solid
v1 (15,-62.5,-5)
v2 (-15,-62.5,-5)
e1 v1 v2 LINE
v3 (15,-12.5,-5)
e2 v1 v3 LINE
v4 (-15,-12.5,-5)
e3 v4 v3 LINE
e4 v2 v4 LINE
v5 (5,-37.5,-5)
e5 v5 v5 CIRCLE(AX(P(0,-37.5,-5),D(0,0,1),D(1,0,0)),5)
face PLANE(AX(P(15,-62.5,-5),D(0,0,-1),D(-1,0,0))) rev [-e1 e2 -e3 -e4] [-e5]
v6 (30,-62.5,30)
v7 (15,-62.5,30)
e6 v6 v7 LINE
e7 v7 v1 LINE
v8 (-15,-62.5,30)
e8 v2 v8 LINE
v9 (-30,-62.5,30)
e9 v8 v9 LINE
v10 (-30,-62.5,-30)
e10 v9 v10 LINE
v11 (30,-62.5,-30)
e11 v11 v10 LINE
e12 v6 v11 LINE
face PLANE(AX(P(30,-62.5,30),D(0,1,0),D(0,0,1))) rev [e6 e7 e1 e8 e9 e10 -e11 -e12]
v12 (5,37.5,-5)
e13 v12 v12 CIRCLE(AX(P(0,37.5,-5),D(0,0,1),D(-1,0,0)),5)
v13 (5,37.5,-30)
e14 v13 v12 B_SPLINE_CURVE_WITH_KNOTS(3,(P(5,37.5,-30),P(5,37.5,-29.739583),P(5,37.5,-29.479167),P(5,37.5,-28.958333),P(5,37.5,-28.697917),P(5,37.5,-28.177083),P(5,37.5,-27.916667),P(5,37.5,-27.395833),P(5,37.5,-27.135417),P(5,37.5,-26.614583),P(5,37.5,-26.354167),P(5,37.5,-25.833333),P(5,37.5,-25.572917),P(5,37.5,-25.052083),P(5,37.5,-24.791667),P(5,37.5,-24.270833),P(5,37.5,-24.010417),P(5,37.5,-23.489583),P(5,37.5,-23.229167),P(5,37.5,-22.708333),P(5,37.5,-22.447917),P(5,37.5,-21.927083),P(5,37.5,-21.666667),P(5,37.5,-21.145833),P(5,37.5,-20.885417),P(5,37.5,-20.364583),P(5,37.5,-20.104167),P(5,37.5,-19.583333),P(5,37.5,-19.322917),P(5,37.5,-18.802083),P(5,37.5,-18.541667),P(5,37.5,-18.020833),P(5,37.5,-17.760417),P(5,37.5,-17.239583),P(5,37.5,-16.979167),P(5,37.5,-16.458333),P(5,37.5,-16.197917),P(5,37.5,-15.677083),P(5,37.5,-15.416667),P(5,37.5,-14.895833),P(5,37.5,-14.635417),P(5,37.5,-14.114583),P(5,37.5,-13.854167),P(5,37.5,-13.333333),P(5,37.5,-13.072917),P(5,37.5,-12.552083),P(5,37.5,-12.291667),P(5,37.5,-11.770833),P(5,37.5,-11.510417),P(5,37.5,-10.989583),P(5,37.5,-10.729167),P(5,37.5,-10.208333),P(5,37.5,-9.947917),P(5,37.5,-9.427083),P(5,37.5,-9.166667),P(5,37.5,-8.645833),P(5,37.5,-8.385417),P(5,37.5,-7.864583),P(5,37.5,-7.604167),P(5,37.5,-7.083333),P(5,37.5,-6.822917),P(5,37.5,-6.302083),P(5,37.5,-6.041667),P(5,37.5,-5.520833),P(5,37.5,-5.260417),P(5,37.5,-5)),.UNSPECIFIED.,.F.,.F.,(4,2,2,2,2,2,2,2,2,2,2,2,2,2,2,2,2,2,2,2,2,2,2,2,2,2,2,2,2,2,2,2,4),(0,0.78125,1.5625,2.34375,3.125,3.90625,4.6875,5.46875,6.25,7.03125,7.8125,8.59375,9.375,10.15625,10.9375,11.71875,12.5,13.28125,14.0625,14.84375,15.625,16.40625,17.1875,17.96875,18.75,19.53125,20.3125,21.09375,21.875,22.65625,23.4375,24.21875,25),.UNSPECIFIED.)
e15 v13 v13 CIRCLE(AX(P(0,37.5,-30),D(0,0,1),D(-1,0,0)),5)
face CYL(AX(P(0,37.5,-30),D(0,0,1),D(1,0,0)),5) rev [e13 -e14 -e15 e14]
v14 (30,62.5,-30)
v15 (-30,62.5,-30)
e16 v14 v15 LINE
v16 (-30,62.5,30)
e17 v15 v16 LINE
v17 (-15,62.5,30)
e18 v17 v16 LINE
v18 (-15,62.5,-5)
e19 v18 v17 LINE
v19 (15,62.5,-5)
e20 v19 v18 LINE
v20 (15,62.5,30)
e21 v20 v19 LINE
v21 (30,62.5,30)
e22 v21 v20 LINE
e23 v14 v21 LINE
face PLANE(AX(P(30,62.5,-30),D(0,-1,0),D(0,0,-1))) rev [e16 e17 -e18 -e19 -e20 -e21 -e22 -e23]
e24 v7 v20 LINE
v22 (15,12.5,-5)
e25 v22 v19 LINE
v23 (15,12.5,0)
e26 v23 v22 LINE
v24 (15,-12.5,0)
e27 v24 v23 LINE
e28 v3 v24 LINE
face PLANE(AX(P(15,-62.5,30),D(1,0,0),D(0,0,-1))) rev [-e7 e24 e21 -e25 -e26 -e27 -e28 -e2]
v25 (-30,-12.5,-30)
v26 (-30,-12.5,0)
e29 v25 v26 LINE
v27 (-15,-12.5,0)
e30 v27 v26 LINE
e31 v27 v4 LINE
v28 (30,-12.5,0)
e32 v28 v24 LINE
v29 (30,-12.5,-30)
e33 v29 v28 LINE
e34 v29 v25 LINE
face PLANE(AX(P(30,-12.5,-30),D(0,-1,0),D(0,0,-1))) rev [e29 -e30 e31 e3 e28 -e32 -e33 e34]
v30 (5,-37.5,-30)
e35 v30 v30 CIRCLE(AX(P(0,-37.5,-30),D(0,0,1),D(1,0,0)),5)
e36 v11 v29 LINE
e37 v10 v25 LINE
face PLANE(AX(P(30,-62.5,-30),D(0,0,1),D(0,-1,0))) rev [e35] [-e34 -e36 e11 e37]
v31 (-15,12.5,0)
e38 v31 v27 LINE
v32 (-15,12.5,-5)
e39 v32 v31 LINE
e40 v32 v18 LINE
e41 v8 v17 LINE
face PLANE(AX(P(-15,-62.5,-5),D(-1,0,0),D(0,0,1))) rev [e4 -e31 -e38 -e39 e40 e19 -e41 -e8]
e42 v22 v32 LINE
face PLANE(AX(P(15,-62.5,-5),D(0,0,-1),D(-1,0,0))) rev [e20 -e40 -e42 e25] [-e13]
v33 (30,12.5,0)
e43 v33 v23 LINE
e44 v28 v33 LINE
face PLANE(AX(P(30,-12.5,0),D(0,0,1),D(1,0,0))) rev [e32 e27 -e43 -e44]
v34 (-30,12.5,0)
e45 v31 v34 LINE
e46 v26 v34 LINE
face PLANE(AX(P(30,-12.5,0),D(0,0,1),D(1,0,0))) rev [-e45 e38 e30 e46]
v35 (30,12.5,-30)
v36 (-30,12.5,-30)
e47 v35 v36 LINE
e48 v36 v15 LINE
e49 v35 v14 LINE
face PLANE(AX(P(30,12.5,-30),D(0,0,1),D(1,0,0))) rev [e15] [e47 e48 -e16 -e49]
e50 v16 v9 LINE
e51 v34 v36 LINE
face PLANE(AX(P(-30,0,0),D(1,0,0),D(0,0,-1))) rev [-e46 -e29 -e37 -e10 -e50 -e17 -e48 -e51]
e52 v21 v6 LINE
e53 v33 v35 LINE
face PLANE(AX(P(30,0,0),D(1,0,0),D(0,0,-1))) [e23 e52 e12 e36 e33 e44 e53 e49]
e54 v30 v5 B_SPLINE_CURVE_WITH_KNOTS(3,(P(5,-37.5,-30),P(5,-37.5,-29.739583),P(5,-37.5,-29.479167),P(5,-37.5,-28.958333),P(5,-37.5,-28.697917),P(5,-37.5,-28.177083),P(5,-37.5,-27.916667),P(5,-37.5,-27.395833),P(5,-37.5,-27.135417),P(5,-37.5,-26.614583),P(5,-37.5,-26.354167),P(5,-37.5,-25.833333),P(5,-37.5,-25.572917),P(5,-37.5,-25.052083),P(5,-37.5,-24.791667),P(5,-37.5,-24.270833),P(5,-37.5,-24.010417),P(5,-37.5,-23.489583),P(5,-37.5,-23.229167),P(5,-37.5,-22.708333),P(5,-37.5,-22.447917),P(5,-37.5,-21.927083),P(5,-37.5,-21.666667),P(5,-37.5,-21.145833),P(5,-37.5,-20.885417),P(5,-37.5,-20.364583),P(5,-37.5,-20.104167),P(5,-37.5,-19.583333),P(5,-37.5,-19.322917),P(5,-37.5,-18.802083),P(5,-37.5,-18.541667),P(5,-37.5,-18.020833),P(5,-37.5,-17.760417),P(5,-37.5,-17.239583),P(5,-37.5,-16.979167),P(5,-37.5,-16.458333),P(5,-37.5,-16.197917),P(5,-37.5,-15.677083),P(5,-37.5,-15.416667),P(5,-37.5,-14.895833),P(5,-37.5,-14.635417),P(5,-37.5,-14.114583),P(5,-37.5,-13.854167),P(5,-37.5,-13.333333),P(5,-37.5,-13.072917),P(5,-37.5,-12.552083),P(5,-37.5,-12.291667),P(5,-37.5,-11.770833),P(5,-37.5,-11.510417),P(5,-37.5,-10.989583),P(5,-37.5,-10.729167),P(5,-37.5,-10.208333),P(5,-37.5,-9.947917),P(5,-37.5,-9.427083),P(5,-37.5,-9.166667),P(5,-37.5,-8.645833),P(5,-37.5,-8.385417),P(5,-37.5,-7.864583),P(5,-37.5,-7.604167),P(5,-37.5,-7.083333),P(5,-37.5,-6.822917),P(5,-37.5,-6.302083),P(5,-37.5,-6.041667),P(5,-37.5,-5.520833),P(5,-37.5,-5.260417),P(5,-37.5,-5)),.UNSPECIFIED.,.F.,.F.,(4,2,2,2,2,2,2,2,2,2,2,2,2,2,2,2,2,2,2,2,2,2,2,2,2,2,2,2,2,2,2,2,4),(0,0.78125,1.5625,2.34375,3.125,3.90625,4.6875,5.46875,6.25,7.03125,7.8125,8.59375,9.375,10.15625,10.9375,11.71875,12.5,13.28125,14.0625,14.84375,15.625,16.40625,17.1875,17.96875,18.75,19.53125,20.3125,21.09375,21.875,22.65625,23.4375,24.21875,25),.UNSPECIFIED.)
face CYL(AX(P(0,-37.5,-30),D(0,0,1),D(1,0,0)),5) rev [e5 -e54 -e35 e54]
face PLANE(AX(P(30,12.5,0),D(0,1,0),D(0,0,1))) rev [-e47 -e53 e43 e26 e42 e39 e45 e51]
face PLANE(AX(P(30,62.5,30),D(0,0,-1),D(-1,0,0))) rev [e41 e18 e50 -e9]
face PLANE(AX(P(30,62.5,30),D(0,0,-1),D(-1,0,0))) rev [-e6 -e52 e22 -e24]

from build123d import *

# Parameters (mm, degrees)
BOSS_EXTRUDE1_DEPTH = 30
SKETCH2_W           = 30
SKETCH2_H           = 35
CUT_EXTRUDE1_DEPTH  = 133.003787824
SKETCH3_R           = 5
CUT_EXTRUDE2_DEPTH  = 78.661122835


with BuildPart() as part:
    # Sketch1 → Boss-Extrude1 (new, symmetric)
    with BuildSketch(Plane.YZ):
        Polygon((-62.5, 30), (-62.5, -30), (-12.5, -30), (-12.5, 0), (12.5, 0), (12.5, -30), (62.5, -30), (62.5, 30), align=None)
    extrude(amount=BOSS_EXTRUDE1_DEPTH, both=True)

    # Sketch2 → Cut-Extrude1 (cut, through all)
    with BuildSketch(Plane(origin=(0, 62.5, 0), x_dir=(-1, 0, 0), z_dir=(0, 1, 0))):
        with Locations((0, 12.5)):
            Rectangle(SKETCH2_W, SKETCH2_H)
    extrude(amount=-CUT_EXTRUDE1_DEPTH, mode=Mode.SUBTRACT)

    # Sketch3 → Cut-Extrude2 (cut, through all)
    with BuildSketch(Plane.XY.offset(-5)):
        with Locations((0, -37.5)):
            Circle(SKETCH3_R)
        with Locations((0, 37.5)):
            Circle(SKETCH3_R)
    extrude(amount=-CUT_EXTRUDE2_DEPTH, mode=Mode.SUBTRACT)


solid = part.part
